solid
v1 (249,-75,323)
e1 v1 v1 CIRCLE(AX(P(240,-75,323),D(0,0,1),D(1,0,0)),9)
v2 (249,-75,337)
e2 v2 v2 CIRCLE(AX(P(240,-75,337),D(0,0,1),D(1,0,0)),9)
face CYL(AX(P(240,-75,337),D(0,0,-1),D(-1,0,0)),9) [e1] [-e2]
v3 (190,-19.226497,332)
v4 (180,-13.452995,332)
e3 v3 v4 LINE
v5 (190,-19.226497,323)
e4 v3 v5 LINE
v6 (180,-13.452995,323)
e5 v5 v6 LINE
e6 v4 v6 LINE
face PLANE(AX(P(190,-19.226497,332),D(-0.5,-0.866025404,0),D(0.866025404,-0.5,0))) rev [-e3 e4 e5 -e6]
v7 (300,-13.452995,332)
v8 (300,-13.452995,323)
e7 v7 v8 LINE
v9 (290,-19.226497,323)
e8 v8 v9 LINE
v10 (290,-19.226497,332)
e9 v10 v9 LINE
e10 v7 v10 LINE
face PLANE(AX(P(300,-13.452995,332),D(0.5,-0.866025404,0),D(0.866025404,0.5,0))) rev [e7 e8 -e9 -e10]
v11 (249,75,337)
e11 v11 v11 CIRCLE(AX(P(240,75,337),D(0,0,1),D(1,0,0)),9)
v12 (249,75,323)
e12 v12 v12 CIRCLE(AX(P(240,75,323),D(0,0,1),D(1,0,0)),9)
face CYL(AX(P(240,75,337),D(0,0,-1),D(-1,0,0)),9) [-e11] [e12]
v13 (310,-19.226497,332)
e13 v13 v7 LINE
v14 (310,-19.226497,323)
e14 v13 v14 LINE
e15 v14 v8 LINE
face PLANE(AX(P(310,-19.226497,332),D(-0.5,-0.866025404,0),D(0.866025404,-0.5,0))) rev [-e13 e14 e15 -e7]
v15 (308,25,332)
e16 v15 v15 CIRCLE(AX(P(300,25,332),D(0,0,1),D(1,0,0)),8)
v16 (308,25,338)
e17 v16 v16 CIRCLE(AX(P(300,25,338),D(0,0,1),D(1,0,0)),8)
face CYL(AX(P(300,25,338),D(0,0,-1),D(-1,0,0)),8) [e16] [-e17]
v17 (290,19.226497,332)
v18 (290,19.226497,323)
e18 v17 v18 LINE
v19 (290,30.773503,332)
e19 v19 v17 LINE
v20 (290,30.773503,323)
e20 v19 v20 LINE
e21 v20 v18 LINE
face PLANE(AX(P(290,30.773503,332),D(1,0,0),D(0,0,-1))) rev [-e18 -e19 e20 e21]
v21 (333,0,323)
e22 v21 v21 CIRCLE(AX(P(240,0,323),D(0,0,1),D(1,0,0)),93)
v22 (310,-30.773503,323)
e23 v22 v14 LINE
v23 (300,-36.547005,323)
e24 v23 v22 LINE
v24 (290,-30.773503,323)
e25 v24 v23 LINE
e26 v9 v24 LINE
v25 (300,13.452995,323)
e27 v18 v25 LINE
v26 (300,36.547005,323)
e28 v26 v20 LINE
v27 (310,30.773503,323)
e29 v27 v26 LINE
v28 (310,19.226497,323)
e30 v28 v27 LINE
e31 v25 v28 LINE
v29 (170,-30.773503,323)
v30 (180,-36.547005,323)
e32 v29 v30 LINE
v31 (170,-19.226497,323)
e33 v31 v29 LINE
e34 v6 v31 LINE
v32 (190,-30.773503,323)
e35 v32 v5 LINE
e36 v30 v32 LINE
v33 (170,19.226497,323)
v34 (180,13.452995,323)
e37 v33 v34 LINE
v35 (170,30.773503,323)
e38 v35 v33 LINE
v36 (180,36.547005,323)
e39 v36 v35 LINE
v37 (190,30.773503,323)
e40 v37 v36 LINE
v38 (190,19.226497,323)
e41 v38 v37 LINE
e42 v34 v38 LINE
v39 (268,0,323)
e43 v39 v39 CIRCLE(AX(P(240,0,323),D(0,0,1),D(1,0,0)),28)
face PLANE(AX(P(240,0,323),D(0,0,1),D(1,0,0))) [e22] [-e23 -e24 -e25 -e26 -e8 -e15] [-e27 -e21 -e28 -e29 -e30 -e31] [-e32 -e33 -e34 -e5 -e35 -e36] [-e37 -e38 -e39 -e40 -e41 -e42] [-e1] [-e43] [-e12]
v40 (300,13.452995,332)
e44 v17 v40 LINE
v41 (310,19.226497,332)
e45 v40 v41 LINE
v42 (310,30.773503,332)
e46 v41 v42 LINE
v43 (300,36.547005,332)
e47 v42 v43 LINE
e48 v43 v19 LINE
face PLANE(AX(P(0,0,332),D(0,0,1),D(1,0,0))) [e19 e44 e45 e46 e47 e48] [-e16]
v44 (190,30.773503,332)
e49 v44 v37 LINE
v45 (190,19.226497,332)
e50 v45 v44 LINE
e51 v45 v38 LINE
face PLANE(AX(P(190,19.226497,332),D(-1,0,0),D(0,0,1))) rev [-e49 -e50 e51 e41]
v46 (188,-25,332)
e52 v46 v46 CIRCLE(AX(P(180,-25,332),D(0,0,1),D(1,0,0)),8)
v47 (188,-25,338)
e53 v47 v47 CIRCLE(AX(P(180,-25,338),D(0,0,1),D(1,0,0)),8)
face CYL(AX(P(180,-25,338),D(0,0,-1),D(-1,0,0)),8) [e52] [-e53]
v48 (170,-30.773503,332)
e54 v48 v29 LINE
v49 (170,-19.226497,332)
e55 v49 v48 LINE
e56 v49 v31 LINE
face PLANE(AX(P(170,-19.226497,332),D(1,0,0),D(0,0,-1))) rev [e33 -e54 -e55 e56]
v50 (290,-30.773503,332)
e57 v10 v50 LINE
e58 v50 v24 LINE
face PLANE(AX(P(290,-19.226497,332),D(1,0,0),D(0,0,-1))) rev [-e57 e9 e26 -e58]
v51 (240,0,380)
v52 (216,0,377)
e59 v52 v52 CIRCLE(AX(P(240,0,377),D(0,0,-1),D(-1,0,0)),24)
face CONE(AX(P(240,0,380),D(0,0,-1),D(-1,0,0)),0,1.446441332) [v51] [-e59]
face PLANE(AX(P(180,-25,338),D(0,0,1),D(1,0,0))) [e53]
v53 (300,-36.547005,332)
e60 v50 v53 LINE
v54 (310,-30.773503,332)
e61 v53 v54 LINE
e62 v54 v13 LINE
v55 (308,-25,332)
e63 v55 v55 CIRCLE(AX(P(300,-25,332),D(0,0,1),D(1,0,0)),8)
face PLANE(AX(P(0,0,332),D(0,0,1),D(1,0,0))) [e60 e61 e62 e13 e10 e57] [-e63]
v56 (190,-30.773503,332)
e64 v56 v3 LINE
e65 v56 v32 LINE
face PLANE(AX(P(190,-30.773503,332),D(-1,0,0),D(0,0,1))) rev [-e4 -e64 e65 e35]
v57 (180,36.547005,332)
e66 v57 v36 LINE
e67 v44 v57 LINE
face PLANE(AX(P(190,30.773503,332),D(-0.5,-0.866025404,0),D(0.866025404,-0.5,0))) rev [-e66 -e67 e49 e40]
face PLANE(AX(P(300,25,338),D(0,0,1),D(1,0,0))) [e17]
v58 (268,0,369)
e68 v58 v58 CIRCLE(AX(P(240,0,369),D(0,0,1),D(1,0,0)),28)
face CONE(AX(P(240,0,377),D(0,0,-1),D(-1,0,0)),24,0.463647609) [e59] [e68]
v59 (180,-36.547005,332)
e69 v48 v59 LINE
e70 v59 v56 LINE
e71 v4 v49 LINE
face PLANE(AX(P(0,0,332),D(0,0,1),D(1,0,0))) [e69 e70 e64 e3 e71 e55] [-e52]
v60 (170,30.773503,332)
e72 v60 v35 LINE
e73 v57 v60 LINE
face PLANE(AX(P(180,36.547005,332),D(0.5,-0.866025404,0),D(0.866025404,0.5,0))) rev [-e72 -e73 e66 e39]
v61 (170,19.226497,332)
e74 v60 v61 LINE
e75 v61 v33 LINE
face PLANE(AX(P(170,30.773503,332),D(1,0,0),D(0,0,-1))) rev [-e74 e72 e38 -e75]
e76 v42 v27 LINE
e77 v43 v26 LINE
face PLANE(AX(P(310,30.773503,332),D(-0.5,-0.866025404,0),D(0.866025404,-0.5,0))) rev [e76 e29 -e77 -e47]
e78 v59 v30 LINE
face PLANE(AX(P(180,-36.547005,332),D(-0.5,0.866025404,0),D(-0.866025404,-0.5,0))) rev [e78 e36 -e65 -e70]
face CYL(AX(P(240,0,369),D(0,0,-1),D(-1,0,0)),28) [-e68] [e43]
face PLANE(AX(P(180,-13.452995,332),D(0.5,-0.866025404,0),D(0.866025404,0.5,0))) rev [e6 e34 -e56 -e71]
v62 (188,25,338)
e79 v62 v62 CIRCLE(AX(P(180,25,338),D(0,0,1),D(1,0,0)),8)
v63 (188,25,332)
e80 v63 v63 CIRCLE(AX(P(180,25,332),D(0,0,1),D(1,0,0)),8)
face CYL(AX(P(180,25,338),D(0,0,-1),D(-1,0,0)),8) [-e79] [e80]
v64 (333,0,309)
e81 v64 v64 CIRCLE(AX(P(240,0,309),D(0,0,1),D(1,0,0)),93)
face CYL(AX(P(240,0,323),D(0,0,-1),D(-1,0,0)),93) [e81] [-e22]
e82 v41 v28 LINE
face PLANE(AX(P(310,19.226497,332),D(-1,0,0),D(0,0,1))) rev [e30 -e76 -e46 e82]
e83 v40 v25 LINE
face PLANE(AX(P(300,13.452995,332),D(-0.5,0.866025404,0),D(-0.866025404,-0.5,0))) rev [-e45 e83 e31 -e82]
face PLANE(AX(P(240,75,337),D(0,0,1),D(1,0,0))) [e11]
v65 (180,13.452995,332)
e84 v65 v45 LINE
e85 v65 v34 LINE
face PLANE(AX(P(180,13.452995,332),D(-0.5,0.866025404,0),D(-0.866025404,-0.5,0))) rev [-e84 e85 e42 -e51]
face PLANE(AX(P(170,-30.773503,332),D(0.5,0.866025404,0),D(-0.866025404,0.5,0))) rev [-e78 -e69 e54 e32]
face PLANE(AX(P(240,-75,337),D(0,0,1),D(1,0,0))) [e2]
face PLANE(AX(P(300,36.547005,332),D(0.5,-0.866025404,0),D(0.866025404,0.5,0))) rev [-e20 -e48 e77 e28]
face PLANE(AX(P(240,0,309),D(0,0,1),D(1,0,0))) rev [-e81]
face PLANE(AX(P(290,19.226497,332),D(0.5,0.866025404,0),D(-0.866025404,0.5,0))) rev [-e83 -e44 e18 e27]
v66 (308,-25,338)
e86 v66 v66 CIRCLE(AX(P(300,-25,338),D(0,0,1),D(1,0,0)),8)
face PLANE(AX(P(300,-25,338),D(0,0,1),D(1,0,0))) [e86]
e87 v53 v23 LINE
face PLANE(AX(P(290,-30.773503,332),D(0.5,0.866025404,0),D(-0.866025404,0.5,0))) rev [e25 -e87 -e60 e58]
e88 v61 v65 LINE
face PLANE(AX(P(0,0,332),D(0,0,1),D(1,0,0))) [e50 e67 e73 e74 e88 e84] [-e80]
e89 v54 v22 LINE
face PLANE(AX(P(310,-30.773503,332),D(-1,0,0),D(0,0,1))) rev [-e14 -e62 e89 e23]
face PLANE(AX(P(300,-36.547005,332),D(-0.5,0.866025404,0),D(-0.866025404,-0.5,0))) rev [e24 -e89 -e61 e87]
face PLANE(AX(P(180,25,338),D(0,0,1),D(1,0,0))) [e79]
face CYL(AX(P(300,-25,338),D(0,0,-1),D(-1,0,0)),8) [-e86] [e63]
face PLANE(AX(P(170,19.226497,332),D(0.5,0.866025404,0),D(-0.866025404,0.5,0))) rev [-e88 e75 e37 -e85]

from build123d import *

# Parameters (mm, degrees)
EXTRUDE_START       = 309
EXTRUDE_SKETCH_1_R  = 93
EXTRUDE_1_DEPTH     = 14
EXTRUDE_START_2     = 323
EXTRUDE_SKETCH_2_R  = 28
EXTRUDE_2_DEPTH     = 46
EXTRUDE_3_DEPTH     = 9
EXTRUDE_START_3     = 332
EXTRUDE_SKETCH_4_R  = 8
EXTRUDE_4_DEPTH     = 6
EXTRUDE_5_DEPTH     = 9
EXTRUDE_SKETCH_6_R  = 8
EXTRUDE_6_DEPTH     = 6
EXTRUDE_7_DEPTH     = 9
EXTRUDE_SKETCH_8_R  = 8
EXTRUDE_8_DEPTH     = 6
EXTRUDE_9_DEPTH     = 9
EXTRUDE_SKETCH_10_R = 8
EXTRUDE_10_DEPTH    = 6
EXTRUDE_SKETCH_11_R = 9
EXTRUDE_11_DEPTH    = 14
EXTRUDE_SKETCH_12_R = 9
EXTRUDE_12_DEPTH    = 14


with BuildPart() as part:
    # Extrude sketch 1 → Extrude 1 (new body)
    with BuildSketch(Plane.XY.offset(EXTRUDE_START)):
        with Locations((240, 0)):
            Circle(EXTRUDE_SKETCH_1_R)
    extrude(amount=EXTRUDE_1_DEPTH)


with BuildPart() as body_2:
    # Extrude sketch 2 → Extrude 2 (new body)
    with BuildSketch(Plane.XY.offset(EXTRUDE_START_2)):
        with Locations((240, 0)):
            Circle(EXTRUDE_SKETCH_2_R)
    extrude(amount=EXTRUDE_2_DEPTH)


with BuildPart() as body_3:
    # Revolve profile 1 → Revolve 1 (revolve)
    with BuildSketch(Plane(origin=(0, 0, 0), x_dir=(1, 0, 0), z_dir=(0, 1, 0))):
        Polygon((240, -369), (268, -369), (264, -377), (240, -380), align=None)
    revolve(axis=Axis((240, 0, 364), (0, 0, 1)))


with BuildPart() as body_4:
    # Extrude sketch 3 → Extrude 3 (new body)
    with BuildSketch(Plane.XY.offset(EXTRUDE_START_2)):
        Polygon((310, 30.773502692), (300, 36.547005384), (290, 30.773502692), (290, 19.226497308), (300, 13.452994616), (310, 19.226497308), align=None)
    extrude(amount=EXTRUDE_3_DEPTH)


with BuildPart() as body_5:
    # Extrude sketch 4 → Extrude 4 (new body)
    with BuildSketch(Plane.XY.offset(EXTRUDE_START_3)):
        with Locations((300, 25)):
            Circle(EXTRUDE_SKETCH_4_R)
    extrude(amount=EXTRUDE_4_DEPTH)


with BuildPart() as body_6:
    # Extrude sketch 5 → Extrude 5 (new body)
    with BuildSketch(Plane.XY.offset(EXTRUDE_START_2)):
        Polygon((310, -19.226497308), (300, -13.452994616), (290, -19.226497308), (290, -30.773502692), (300, -36.547005384), (310, -30.773502692), align=None)
    extrude(amount=EXTRUDE_5_DEPTH)


with BuildPart() as body_7:
    # Extrude sketch 6 → Extrude 6 (new body)
    with BuildSketch(Plane.XY.offset(EXTRUDE_START_3)):
        with Locations((300, -25)):
            Circle(EXTRUDE_SKETCH_6_R)
    extrude(amount=EXTRUDE_6_DEPTH)


with BuildPart() as body_8:
    # Extrude sketch 7 → Extrude 7 (new body)
    with BuildSketch(Plane.XY.offset(EXTRUDE_START_2)):
        Polygon((190, 30.773502692), (180, 36.547005384), (170, 30.773502692), (170, 19.226497308), (180, 13.452994616), (190, 19.226497308), align=None)
    extrude(amount=EXTRUDE_7_DEPTH)


with BuildPart() as body_9:
    # Extrude sketch 8 → Extrude 8 (new body)
    with BuildSketch(Plane.XY.offset(EXTRUDE_START_3)):
        with Locations((180, 25)):
            Circle(EXTRUDE_SKETCH_8_R)
    extrude(amount=EXTRUDE_8_DEPTH)


with BuildPart() as body_10:
    # Extrude sketch 9 → Extrude 9 (new body)
    with BuildSketch(Plane.XY.offset(EXTRUDE_START_2)):
        Polygon((190, -19.226497308), (180, -13.452994616), (170, -19.226497308), (170, -30.773502692), (180, -36.547005384), (190, -30.773502692), align=None)
    extrude(amount=EXTRUDE_9_DEPTH)


with BuildPart() as body_11:
    # Extrude sketch 10 → Extrude 10 (new body)
    with BuildSketch(Plane.XY.offset(EXTRUDE_START_3)):
        with Locations((180, -25)):
            Circle(EXTRUDE_SKETCH_10_R)
    extrude(amount=EXTRUDE_10_DEPTH)


with BuildPart() as body_12:
    # Extrude sketch 11 → Extrude 11 (new body)
    with BuildSketch(Plane.XY.offset(EXTRUDE_START_2)):
        with Locations((240, 75)):
            Circle(EXTRUDE_SKETCH_11_R)
    extrude(amount=EXTRUDE_11_DEPTH)


with BuildPart() as body_13:
    # Extrude sketch 12 → Extrude 12 (new body)
    with BuildSketch(Plane.XY.offset(EXTRUDE_START_2)):
        with Locations((240, -75)):
            Circle(EXTRUDE_SKETCH_12_R)
    extrude(amount=EXTRUDE_12_DEPTH)


with BuildPart() as body_10_1:
    add(body_10.part)

    # Combine (weld / assembly of features): union body 4, body 9, body 5, body 11, body 2, body 12, body 8, body 6, body 3, body 13, body 7, part
    add(body_4.part)
    add(body_9.part)
    add(body_5.part)
    add(body_11.part)
    add(body_2.part)
    add(body_12.part)
    add(body_8.part)
    add(body_6.part)
    add(body_3.part)
    add(body_13.part)
    add(body_7.part)
    add(part.part)


solid = body_10_1.part
